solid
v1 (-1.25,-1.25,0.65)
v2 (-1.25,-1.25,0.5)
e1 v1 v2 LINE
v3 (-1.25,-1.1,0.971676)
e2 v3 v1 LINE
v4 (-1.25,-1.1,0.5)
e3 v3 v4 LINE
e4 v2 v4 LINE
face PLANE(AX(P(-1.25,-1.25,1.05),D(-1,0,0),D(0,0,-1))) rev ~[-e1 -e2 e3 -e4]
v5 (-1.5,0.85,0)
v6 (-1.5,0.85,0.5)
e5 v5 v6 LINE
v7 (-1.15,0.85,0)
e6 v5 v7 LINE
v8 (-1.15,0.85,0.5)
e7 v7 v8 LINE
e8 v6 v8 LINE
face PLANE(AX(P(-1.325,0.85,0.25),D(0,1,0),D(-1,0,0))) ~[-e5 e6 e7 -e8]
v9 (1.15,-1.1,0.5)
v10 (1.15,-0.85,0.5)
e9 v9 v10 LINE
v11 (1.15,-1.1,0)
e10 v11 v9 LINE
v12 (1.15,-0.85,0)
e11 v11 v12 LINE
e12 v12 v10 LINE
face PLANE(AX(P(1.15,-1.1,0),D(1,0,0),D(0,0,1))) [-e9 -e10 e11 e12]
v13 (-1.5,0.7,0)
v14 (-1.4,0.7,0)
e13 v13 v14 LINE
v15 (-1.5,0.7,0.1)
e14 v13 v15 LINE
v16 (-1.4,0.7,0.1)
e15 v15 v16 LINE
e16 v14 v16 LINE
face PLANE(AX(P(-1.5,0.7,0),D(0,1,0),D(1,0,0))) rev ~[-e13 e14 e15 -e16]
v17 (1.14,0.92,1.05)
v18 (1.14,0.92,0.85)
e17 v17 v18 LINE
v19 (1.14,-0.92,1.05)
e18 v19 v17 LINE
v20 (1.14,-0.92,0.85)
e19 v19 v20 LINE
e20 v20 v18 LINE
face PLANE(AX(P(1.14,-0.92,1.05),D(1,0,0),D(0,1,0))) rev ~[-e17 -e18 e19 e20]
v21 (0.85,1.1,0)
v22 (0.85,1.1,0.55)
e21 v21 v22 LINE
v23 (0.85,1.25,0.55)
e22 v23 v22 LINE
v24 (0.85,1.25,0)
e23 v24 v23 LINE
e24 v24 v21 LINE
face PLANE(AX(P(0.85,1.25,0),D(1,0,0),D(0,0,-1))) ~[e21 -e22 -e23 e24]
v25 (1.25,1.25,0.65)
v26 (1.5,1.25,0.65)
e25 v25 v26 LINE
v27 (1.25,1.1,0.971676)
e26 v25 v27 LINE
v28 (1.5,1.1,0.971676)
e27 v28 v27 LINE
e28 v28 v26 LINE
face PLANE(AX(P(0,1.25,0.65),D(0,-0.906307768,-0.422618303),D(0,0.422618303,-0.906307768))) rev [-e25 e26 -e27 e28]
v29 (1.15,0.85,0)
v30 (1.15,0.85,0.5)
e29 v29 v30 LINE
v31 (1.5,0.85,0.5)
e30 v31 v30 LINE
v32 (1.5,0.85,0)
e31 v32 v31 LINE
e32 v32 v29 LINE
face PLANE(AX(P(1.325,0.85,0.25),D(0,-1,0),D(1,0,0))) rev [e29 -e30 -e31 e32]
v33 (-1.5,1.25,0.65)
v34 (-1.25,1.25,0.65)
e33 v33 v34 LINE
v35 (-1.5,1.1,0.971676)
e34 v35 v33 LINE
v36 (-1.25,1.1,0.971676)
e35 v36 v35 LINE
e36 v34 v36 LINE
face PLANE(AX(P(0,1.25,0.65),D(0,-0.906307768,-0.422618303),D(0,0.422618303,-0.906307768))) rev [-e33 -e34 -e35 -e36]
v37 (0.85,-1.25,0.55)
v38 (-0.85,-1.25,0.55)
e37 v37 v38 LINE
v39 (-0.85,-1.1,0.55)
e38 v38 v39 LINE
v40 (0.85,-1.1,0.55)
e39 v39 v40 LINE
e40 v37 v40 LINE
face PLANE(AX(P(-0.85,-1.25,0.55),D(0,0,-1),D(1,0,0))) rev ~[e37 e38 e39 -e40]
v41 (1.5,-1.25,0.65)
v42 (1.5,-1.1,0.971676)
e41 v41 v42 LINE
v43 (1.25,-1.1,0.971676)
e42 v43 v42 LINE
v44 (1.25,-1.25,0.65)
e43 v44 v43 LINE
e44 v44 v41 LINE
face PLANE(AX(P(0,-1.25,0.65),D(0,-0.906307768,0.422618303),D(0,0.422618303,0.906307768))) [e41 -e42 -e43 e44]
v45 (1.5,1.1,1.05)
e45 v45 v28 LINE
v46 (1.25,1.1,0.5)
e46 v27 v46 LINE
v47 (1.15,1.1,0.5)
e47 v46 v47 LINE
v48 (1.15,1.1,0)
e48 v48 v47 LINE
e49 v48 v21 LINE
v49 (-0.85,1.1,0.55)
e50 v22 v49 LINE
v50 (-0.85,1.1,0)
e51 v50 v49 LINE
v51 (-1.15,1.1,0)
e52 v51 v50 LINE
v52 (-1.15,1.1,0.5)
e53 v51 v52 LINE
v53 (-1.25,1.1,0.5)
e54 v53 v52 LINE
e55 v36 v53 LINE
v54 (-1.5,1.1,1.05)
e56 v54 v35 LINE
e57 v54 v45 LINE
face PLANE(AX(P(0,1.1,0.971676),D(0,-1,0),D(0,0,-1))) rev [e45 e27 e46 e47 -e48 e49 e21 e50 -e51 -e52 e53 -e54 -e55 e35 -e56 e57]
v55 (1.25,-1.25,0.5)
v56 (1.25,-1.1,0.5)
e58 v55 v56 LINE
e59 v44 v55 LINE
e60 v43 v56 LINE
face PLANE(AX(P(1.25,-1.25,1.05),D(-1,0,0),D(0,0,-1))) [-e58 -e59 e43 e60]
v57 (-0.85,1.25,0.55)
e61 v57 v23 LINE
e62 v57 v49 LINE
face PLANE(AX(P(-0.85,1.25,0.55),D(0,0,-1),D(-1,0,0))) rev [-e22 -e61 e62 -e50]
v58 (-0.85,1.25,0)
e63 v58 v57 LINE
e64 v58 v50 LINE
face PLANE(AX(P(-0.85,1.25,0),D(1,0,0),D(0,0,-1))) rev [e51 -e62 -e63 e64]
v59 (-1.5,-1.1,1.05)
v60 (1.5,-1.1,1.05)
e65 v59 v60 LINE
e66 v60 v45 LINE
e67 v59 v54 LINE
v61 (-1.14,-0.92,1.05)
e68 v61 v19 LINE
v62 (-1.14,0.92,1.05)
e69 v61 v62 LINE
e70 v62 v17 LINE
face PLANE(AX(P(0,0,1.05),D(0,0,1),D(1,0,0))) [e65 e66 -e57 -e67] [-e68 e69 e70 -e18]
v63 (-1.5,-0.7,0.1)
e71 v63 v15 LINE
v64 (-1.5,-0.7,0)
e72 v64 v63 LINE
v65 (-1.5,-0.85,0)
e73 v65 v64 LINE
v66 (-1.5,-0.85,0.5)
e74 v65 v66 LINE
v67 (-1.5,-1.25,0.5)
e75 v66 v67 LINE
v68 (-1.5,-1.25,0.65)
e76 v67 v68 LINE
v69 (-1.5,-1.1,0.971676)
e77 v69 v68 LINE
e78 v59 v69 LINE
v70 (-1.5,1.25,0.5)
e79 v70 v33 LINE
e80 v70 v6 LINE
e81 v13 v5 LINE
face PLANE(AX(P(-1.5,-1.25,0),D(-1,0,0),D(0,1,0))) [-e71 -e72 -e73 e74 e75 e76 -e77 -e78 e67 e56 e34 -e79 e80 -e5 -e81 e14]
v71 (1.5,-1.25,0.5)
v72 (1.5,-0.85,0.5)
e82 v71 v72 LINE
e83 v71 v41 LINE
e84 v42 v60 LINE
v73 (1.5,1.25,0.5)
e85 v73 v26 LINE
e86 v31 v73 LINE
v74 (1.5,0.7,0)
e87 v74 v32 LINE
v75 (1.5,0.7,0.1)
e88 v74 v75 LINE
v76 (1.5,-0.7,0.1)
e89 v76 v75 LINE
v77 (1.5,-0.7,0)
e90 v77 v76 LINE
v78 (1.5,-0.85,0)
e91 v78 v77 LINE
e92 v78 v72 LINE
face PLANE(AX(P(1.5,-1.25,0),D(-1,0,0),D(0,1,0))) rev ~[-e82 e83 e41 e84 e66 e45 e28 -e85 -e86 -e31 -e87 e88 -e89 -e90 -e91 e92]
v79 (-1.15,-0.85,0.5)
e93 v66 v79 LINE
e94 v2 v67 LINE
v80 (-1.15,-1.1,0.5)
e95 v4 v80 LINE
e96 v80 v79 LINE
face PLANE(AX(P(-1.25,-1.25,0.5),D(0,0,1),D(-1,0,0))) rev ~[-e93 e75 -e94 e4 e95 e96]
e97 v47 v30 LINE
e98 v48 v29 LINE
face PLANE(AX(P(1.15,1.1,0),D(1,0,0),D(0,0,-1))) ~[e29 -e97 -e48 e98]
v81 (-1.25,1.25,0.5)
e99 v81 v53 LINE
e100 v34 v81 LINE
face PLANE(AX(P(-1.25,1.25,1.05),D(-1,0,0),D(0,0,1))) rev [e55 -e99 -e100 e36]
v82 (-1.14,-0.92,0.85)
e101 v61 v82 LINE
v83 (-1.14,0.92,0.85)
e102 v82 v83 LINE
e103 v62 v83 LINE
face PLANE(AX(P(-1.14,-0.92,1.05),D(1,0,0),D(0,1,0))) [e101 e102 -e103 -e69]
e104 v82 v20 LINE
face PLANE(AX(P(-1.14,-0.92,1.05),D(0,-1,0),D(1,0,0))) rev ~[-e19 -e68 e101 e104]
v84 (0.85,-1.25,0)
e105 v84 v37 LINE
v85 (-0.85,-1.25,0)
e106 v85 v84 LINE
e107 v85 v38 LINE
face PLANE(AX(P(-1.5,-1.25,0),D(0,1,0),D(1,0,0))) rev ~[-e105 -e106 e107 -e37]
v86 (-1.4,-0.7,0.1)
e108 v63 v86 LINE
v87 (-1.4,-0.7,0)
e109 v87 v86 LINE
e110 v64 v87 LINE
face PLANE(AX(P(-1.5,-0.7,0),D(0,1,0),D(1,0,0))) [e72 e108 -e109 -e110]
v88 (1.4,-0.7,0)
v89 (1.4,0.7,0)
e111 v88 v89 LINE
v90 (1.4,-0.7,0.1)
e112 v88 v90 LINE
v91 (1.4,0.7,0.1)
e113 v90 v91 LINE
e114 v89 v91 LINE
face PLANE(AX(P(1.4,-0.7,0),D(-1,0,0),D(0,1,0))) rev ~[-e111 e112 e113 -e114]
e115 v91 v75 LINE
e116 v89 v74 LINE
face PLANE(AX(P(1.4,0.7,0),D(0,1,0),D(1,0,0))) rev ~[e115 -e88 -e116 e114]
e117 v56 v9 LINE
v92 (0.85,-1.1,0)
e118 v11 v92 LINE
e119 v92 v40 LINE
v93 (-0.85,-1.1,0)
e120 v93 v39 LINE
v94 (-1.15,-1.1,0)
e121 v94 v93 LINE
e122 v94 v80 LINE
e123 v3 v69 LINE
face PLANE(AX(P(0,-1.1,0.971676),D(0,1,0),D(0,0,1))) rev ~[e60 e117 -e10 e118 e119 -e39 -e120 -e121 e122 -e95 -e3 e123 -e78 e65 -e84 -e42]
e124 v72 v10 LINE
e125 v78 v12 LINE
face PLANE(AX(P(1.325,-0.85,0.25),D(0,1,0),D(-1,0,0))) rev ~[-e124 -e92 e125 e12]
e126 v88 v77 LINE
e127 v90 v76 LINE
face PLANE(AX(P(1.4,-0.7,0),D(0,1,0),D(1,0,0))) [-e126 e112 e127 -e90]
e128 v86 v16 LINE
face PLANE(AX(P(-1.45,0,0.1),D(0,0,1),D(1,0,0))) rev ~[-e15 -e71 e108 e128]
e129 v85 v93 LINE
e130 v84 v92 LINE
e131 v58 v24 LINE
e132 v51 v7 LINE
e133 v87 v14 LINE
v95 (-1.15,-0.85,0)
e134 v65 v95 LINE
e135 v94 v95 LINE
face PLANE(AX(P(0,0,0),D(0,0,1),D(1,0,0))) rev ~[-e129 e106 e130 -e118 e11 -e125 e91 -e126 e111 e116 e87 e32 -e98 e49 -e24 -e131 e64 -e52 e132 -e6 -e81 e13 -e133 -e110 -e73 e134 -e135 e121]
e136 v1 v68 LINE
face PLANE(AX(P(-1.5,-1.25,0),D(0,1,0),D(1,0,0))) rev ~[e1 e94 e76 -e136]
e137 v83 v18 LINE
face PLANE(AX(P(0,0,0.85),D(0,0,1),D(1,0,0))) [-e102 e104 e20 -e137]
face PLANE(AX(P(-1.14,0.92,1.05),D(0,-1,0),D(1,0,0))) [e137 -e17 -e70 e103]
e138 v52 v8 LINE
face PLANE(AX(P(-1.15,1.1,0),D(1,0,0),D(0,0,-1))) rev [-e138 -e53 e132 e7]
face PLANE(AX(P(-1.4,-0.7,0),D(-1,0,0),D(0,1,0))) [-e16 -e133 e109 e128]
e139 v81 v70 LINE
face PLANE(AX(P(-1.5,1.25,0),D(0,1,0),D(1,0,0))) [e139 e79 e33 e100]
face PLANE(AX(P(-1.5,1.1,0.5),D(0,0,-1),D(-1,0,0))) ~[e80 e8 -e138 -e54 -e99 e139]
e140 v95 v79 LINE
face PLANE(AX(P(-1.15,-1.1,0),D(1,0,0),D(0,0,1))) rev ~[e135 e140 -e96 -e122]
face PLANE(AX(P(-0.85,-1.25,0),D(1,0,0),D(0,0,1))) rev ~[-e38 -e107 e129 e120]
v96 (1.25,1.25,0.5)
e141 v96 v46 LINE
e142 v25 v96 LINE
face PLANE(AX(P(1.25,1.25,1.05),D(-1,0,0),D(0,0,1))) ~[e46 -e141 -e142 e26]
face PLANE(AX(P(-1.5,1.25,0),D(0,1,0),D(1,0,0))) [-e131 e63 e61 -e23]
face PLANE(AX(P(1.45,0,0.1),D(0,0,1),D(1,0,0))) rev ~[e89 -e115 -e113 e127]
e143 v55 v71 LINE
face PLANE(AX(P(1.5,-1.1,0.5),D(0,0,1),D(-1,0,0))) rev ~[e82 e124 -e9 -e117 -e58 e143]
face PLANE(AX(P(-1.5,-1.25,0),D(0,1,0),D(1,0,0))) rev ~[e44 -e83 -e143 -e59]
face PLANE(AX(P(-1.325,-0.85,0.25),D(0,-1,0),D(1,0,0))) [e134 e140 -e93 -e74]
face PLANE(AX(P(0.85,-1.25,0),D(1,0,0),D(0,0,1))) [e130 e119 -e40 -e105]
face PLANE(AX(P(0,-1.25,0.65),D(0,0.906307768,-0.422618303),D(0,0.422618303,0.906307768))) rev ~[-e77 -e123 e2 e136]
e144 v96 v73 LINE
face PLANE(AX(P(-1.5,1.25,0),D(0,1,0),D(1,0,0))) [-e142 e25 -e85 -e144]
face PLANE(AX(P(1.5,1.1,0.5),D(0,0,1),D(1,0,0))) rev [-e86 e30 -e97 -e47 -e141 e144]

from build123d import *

# Parameters (mm, degrees)
SKETCH028_W                   = 3
SKETCH028_H                   = 2.5
PAD017_DEPTH                  = 1.05
POCKET010_DEPTH               = 0.15
SKETCH031_W                   = 0.35
SKETCH031_H                   = 0.5
POCKET012_DEPTH               = 0.25
POCKET010_MIRRORED012_2_DEPTH = 0.15
SKETCH031_MIRRORED012_2_W     = 0.35
SKETCH031_MIRRORED012_2_H     = 0.5
POCKET012_MIRRORED012_2_DEPTH = 0.25
POCKET011_DEPTH               = 9.588645
POCKET011_DEPTH_BACK          = 9.588645
SKETCH039_W                   = 0.1
SKETCH039_H                   = 1.4
POCKET013_DEPTH               = 0.1
SKETCH040_W                   = 2.28
SKETCH040_H                   = 1.84
POCKET014_DEPTH               = 0.2


with BuildPart() as part:
    # Sketch028 → Pad017 (new body)
    with BuildSketch(Plane.XY):
        Rectangle(SKETCH028_W, SKETCH028_H)
    extrude(amount=PAD017_DEPTH)

    # Sketch029 (on Face1 of Pad017) → Pocket010 (cut)
    with BuildSketch(Plane.XZ.offset(1.25)):
        Polygon((-1.5, 0), (-0.85, 0), (-0.85, 0.55), (0, 0.55), (0, 1.05), (-1.25, 1.05), (-1.25, 0.5), (-1.5, 0.5), align=None)
    pocket010 = extrude(amount=-POCKET010_DEPTH, mode=Mode.SUBTRACT)

    # Sketch031 (on Face8 of Pocket010) → Pocket012 (cut)
    with BuildSketch(Plane.XZ.offset(1.1)):
        with Locations((-1.325, 0.25)):
            Rectangle(SKETCH031_W, SKETCH031_H)
    pocket012 = extrude(amount=-POCKET012_DEPTH, mode=Mode.SUBTRACT)

    # Sketch029 Mirrored012 2 → Pocket010 Mirrored012 2 (cut)
    with BuildSketch(Plane(origin=(0, -1.25, 0), x_dir=(-1, 0, 0), z_dir=(0, 1, 0))):
        Polygon((-1.5, 0), (-0.85, 0), (-0.85, 0.55), (0, 0.55), (0, 1.05), (-1.25, 1.05), (-1.25, 0.5), (-1.5, 0.5), align=None)
    pocket010_mirrored012_2 = extrude(amount=POCKET010_MIRRORED012_2_DEPTH, mode=Mode.SUBTRACT)

    # Sketch031 Mirrored012 2 → Pocket012 Mirrored012 2 (cut)
    with BuildSketch(Plane(origin=(0, -1.1, 0), x_dir=(-1, 0, 0), z_dir=(0, 1, 0))):
        with Locations((-1.325, 0.25)):
            Rectangle(SKETCH031_MIRRORED012_2_W, SKETCH031_MIRRORED012_2_H)
    pocket012_mirrored012_2 = extrude(amount=POCKET012_MIRRORED012_2_DEPTH, mode=Mode.SUBTRACT)

    # Mirrored013: Pocket010, Pocket012, Pocket010 Mirrored012 2, Pocket012 Mirrored012 2 across XZ
    add(pocket010.mirror(Plane.XZ), mode=Mode.SUBTRACT)
    add(pocket012.mirror(Plane.XZ), mode=Mode.SUBTRACT)
    add(pocket010_mirrored012_2.mirror(Plane.XZ), mode=Mode.SUBTRACT)
    add(pocket012_mirrored012_2.mirror(Plane.XZ), mode=Mode.SUBTRACT)

    # Sketch030 → Pocket011 (cut, two sides)
    with BuildSketch(Plane.YZ) as pocket011_sk:
        Polygon((-1.1, 1.05), (-1.25, 1.05), (-1.25, 0.65), (-1.1, 0.971676), align=None)
    pocket011 = extrude(amount=-POCKET011_DEPTH, mode=Mode.SUBTRACT) + extrude(pocket011_sk.sketch, amount=POCKET011_DEPTH_BACK, mode=Mode.SUBTRACT)

    # Mirrored014: Pocket011 across Sketch030 V_Axis
    add(pocket011.mirror(Plane(origin=(0, 0, 0), x_dir=(1, 0, 0), z_dir=(0, 1, 0))), mode=Mode.SUBTRACT)

    # Sketch039 → Pocket013 (cut)
    with BuildSketch(Plane.XY):
        with Locations((1.45, 0)):
            Rectangle(SKETCH039_W, SKETCH039_H)
        with Locations((-1.45, 0)):
            Rectangle(SKETCH039_W, SKETCH039_H)
    extrude(amount=POCKET013_DEPTH, mode=Mode.SUBTRACT)

    # Sketch040 (on Face14 of Pocket013) → Pocket014 (cut)
    with BuildSketch(Plane.XY.offset(1.05)):
        Rectangle(SKETCH040_W, SKETCH040_H)
    extrude(amount=-POCKET014_DEPTH, mode=Mode.SUBTRACT)


solid = part.part
